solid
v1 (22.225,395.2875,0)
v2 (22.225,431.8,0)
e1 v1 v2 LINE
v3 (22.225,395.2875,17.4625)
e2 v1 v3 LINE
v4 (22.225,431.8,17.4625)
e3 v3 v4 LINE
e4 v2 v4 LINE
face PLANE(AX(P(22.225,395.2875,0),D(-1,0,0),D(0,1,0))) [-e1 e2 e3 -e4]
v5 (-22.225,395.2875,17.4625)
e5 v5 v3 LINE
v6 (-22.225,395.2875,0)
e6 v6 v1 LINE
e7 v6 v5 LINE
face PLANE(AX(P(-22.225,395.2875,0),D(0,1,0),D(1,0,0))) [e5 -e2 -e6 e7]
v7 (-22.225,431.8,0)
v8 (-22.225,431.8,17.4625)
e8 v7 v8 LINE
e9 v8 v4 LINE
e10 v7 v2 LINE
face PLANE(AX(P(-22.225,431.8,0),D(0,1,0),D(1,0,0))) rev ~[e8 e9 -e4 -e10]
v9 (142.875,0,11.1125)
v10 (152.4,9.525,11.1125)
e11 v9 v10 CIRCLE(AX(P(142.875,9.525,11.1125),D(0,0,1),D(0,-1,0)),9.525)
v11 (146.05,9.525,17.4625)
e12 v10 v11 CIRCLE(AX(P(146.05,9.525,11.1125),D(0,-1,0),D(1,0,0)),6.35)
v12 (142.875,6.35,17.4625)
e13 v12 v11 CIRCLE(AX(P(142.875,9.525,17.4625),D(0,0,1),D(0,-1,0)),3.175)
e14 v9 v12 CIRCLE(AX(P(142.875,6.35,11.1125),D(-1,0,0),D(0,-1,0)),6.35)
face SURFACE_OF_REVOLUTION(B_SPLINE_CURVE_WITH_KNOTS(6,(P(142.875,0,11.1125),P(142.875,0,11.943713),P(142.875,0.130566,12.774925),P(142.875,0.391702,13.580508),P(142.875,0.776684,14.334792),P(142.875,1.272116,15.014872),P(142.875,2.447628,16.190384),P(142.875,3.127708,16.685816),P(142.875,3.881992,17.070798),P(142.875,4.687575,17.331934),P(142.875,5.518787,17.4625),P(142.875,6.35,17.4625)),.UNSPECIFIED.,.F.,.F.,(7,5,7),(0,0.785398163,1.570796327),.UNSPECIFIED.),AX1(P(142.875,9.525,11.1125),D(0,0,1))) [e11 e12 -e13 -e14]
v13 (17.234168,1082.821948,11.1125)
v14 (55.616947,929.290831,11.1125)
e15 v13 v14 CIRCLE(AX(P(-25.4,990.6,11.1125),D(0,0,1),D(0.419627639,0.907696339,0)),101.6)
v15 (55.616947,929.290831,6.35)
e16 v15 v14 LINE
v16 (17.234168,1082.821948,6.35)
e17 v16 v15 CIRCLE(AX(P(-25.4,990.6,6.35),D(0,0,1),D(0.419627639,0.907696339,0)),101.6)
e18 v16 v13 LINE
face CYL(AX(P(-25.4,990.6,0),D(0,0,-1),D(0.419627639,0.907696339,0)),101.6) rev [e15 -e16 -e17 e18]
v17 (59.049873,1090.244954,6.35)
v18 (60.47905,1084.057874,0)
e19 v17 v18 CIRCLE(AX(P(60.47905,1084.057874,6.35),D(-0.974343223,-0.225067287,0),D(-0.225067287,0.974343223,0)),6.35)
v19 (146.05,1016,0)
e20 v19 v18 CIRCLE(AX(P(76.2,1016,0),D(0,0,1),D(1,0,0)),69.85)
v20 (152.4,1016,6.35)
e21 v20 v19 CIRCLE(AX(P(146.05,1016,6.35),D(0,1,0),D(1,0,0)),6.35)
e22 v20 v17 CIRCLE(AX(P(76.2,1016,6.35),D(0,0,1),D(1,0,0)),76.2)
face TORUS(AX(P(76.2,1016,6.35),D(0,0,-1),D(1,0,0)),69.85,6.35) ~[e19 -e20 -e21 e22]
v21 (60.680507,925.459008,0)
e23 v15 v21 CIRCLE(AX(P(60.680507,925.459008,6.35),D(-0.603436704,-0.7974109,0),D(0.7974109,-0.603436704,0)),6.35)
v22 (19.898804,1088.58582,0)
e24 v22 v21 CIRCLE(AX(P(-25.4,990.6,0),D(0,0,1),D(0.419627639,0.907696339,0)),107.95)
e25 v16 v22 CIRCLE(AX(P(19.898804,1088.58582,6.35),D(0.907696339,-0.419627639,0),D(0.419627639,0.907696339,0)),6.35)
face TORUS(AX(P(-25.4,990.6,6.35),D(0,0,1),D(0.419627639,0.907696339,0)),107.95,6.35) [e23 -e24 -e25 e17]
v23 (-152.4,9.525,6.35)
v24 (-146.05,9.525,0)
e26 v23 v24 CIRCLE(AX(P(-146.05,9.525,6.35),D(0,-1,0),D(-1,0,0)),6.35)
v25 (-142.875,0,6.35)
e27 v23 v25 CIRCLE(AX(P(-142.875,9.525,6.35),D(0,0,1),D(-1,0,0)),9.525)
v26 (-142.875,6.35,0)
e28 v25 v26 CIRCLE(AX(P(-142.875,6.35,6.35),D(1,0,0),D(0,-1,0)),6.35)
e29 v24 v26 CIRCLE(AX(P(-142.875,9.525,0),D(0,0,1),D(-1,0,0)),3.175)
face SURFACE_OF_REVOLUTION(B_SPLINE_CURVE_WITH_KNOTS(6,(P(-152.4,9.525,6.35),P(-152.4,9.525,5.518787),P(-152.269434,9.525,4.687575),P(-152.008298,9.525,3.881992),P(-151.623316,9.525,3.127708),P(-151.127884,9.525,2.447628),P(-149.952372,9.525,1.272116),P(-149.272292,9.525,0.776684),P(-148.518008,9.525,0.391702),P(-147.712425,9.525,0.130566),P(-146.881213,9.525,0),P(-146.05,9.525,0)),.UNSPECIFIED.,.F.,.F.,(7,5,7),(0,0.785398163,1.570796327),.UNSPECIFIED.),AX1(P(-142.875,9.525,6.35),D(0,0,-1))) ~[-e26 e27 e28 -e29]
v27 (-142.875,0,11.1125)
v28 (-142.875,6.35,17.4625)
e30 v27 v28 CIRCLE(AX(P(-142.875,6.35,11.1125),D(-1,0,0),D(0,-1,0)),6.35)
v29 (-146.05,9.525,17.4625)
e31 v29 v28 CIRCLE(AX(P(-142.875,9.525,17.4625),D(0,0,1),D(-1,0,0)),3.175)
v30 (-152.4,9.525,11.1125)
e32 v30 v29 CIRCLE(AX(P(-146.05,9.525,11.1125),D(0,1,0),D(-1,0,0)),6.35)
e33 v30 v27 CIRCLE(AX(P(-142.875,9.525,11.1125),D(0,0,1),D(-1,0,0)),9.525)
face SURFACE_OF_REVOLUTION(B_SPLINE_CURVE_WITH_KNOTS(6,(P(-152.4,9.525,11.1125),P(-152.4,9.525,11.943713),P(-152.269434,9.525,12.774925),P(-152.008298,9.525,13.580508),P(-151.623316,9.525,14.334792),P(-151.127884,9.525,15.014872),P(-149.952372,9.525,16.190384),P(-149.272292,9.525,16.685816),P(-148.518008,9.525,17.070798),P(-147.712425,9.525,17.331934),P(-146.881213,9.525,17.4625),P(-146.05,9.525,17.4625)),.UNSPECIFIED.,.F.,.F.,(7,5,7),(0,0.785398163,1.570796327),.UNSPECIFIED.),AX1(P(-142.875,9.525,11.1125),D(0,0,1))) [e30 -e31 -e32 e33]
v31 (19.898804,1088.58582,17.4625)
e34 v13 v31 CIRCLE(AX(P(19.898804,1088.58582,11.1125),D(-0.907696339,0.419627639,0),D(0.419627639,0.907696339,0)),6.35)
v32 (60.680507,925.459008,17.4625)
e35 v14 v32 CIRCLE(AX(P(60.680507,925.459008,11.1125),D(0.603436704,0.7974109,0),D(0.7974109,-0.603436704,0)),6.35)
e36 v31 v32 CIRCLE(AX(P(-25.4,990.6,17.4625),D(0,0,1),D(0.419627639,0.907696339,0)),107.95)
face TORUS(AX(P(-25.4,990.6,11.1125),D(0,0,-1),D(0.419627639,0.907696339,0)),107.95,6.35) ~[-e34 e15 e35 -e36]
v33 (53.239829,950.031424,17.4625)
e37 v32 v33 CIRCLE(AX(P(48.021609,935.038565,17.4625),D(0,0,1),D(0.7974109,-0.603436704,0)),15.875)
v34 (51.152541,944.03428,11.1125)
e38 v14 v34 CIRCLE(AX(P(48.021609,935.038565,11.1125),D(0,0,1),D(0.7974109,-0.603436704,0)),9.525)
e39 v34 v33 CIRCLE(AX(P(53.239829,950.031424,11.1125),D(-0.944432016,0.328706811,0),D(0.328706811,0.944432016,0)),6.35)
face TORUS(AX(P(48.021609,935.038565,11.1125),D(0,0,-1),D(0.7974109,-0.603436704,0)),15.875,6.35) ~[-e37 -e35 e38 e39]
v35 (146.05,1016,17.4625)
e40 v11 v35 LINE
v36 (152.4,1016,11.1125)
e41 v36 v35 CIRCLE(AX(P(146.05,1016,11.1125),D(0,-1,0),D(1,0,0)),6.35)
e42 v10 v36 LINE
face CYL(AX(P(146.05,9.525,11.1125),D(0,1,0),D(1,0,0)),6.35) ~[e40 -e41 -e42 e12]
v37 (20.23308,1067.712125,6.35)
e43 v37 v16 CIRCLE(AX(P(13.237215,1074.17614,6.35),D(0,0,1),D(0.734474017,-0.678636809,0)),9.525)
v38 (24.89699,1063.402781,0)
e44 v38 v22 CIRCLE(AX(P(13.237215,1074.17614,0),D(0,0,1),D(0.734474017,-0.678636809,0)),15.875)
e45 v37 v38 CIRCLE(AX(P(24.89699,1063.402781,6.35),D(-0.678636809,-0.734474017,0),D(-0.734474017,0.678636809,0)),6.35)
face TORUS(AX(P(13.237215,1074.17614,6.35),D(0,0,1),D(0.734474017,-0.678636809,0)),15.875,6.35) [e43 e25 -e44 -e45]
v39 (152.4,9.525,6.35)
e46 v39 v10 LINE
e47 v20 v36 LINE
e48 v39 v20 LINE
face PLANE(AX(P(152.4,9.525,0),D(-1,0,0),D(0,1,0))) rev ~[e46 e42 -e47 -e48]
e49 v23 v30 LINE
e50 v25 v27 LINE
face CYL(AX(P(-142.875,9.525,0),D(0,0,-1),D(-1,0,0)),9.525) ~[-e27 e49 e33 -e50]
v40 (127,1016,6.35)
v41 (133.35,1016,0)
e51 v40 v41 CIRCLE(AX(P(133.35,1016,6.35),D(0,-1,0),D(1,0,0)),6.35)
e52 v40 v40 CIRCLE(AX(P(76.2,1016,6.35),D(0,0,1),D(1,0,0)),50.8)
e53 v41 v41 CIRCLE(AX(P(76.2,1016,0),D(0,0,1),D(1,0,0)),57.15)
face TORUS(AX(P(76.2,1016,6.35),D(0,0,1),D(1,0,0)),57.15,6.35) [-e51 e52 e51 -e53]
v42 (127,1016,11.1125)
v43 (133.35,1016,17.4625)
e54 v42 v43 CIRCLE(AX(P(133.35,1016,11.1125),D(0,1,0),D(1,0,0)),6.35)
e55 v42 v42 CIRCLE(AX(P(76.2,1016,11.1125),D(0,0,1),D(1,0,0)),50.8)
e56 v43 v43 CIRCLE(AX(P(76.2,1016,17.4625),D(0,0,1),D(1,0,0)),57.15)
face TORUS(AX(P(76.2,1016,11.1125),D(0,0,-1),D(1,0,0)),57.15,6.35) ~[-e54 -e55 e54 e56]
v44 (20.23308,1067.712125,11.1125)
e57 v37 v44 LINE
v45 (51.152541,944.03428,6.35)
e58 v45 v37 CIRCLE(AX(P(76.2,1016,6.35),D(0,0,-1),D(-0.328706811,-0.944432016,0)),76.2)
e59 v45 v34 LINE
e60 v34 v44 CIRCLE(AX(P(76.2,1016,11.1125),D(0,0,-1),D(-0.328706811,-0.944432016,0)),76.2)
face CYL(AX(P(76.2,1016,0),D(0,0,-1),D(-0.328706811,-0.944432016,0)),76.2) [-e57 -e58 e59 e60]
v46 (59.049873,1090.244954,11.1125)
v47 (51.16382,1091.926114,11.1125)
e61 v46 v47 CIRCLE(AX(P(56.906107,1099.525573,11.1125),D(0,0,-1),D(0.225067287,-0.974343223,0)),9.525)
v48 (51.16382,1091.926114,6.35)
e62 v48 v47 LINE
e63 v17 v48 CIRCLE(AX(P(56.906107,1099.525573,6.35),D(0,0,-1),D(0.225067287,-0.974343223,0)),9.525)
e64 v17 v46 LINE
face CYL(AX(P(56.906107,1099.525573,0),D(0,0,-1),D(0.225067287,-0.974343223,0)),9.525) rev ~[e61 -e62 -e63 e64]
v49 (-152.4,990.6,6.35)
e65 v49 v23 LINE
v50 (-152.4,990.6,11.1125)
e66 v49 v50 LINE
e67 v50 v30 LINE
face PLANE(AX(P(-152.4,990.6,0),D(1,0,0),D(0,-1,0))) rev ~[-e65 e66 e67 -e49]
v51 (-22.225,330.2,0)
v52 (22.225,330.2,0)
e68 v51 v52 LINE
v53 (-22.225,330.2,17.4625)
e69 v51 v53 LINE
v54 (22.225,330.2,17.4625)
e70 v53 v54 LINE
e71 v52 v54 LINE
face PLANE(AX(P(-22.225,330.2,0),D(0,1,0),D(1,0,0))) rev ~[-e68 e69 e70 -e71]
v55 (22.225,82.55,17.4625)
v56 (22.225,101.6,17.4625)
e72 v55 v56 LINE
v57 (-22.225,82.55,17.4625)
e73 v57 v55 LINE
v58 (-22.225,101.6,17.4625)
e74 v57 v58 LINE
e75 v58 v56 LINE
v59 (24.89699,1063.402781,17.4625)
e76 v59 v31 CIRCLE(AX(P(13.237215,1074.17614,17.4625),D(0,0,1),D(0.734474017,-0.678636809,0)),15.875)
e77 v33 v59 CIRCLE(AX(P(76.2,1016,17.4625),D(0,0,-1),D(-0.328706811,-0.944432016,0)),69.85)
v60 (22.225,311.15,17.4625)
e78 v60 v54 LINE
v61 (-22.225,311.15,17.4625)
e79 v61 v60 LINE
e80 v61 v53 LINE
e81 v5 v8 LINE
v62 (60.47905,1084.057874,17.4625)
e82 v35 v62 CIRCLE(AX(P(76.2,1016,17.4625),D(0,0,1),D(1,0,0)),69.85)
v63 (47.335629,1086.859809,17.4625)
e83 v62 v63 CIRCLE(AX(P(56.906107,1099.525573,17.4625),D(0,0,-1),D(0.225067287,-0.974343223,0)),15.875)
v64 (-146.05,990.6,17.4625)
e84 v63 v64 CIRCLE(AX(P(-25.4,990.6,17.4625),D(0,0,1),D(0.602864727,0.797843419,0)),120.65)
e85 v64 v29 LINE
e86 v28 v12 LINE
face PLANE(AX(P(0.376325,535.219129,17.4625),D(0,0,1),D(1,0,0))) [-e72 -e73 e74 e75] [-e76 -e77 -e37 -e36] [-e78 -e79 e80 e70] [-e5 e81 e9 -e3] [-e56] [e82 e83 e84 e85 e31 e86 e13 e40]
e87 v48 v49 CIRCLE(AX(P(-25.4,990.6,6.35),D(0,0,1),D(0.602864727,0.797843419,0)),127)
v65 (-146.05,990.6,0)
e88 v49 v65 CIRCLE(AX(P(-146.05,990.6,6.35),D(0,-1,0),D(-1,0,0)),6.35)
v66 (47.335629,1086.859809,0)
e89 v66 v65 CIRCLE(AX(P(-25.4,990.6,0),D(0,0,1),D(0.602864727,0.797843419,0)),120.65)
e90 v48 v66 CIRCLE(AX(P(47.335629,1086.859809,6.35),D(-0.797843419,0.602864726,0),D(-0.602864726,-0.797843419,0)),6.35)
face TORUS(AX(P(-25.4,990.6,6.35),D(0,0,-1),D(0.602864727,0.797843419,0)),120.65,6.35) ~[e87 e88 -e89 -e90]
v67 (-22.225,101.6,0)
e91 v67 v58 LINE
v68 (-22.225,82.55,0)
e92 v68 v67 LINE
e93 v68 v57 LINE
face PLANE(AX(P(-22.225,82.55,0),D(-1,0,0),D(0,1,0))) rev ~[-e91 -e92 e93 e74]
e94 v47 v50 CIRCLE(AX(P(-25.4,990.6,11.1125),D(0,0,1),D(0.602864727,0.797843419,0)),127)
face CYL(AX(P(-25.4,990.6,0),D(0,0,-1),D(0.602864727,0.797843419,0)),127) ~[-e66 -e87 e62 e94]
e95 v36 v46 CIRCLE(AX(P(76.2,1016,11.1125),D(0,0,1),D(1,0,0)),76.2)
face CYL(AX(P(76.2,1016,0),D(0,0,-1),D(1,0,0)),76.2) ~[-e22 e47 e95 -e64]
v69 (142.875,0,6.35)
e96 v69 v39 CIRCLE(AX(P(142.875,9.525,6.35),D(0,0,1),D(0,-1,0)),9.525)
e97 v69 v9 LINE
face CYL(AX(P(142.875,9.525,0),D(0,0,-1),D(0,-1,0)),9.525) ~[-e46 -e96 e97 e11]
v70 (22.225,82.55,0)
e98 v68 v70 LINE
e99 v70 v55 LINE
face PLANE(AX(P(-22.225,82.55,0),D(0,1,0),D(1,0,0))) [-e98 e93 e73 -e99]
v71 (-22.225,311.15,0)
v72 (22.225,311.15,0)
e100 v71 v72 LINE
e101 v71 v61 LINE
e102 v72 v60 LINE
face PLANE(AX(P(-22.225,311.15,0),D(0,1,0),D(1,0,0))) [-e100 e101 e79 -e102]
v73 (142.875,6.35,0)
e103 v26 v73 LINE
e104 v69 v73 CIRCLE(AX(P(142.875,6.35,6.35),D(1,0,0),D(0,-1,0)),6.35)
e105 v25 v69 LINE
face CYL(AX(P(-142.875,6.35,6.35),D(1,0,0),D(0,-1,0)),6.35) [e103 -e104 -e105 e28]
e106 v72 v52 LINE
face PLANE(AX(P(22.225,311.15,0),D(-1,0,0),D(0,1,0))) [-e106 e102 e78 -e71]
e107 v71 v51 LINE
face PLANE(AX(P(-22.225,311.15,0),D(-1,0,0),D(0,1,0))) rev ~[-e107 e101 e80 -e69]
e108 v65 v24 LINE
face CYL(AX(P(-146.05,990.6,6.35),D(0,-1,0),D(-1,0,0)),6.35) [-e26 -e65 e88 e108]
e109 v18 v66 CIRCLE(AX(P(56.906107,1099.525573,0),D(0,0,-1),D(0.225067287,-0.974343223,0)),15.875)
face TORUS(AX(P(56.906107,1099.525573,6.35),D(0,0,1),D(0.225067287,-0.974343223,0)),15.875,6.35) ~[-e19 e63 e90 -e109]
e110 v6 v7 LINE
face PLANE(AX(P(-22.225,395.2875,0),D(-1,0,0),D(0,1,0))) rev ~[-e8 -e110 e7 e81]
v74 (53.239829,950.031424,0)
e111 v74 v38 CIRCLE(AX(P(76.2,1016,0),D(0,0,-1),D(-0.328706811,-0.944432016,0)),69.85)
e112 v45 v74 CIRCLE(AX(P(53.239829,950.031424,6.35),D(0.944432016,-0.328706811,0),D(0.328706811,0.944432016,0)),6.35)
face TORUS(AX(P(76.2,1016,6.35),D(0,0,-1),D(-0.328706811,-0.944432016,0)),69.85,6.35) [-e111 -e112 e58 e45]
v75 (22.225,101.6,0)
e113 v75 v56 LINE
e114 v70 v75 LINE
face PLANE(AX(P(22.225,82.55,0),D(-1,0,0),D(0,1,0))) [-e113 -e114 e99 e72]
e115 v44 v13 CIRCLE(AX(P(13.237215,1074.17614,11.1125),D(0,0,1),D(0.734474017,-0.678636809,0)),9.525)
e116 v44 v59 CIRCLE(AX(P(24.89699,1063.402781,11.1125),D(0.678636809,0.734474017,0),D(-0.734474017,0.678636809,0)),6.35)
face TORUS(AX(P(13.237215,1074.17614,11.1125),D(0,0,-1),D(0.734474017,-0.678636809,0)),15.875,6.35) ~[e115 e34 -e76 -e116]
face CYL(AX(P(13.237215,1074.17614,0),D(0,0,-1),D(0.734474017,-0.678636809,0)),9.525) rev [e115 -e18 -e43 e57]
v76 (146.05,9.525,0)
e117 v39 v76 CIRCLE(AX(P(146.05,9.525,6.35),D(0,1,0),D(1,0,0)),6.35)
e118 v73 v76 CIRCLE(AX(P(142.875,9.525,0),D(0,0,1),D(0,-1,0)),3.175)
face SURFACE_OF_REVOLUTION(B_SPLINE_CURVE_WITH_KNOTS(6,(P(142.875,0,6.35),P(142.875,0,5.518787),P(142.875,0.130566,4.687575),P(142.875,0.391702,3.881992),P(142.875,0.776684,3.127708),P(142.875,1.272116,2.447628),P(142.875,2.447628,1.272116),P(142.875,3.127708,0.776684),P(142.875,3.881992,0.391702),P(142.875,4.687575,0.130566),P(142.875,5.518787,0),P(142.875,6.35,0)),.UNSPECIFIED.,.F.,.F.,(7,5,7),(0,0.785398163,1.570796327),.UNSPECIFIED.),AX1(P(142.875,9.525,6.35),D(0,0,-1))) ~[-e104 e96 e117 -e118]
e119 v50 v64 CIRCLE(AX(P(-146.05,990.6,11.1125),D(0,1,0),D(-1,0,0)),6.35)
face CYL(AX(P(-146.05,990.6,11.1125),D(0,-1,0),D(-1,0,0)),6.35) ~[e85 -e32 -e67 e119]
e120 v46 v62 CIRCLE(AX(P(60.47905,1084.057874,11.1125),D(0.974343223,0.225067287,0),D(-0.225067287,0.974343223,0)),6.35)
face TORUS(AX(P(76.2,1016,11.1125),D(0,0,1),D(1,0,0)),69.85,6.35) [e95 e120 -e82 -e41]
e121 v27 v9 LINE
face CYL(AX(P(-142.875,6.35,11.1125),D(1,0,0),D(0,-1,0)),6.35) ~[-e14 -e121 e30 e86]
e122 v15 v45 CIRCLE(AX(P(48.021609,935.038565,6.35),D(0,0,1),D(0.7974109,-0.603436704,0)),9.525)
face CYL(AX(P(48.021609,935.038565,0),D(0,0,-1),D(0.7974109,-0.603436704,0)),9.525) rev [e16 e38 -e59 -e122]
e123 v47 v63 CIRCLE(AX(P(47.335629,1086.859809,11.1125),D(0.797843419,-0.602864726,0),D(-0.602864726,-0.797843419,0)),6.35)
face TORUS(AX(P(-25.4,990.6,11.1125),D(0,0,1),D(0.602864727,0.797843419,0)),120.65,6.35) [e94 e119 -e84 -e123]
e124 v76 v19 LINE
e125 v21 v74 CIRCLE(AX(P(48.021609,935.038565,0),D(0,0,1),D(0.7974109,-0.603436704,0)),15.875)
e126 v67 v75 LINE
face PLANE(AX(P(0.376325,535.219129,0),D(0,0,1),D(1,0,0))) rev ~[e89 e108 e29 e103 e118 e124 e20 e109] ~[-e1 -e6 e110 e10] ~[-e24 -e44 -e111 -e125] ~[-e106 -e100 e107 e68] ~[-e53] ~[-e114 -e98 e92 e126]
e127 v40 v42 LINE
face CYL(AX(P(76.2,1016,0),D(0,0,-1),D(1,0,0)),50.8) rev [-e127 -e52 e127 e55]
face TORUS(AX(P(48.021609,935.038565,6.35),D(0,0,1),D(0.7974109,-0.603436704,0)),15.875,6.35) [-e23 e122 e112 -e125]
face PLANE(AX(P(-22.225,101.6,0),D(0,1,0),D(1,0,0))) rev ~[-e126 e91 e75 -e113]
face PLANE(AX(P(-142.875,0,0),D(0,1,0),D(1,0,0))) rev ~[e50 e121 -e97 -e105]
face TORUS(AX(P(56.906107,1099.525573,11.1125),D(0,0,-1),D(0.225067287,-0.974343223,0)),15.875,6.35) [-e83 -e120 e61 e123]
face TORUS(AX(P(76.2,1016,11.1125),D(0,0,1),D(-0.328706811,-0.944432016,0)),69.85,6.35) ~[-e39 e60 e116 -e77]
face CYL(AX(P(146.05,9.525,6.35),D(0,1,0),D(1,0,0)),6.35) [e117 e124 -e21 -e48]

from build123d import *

# Parameters (mm, degrees)
SKETCH1_R           = 50.8
SKETCH1_W           = 44.45
SKETCH1_H           = 19.05
SKETCH1_H_2         = 36.5125
BOSS_EXTRUDE1_DEPTH = 17.4625
FILLET1_R           = 6.35


with BuildPart() as part:
    # Sketch1 → Boss-Extrude1 (new body)
    with BuildSketch(Plane.XY):
        with BuildLine():
            Line((-142.875, 0), (142.875, 0))
            ThreePointArc((142.875, 0), (149.610192091, 2.789807909), (152.4, 9.525))
            Line((152.4, 9.525), (152.4, 1016))
            ThreePointArc((152.4, 1016), (123.632058256, 1075.637570789), (59.049872713, 1090.244953593))
            ThreePointArc((59.049872713, 1090.244953593), (54.920178074, 1090.209902549), (51.163820281, 1091.926114225))
            ThreePointArc((51.163820281, 1091.926114225), (-81.992379453, 1104.293898639), (-152.4, 990.6))
            Line((-152.4, 990.6), (-152.4, 9.525))
            ThreePointArc((-152.4, 9.525), (-149.610192091, 2.789807909), (-142.875, 0))
        make_face()
        with Locations((76.2, 1016)):
            Circle(SKETCH1_R, mode=Mode.SUBTRACT)
        with Locations((0, 320.675)):
            Rectangle(SKETCH1_W, SKETCH1_H, mode=Mode.SUBTRACT)
        with Locations((0, 413.54375)):
            Rectangle(SKETCH1_W, SKETCH1_H_2, mode=Mode.SUBTRACT)
        with Locations((0, 92.075)):
            Rectangle(SKETCH1_W, SKETCH1_H, mode=Mode.SUBTRACT)
        with BuildLine():
            ThreePointArc((17.234168155, 1082.821948069), (-123.966478015, 965.958380496), (55.616947464, 929.290830835))
            ThreePointArc((55.616947464, 929.290830835), (57.137833169, 937.799013835), (51.152541012, 944.034280395))
            ThreePointArc((51.152541012, 944.034280395), (2.275141489, 997.518785372), (20.233079903, 1067.712124834))
            ThreePointArc((20.233079903, 1067.712124834), (22.579976954, 1076.030438696), (17.234168155, 1082.821948069))
        make_face(mode=Mode.SUBTRACT)
    extrude(amount=BOSS_EXTRUDE1_DEPTH)

    # Fillet1
    fillet1_edges = [part.edges().sort_by_distance(p)[0] for p in [
        (123.632058256, 1075.637570789, 17.4625),
        (152.4, 512.7625, 0),
        (149.610192091, 2.789807909, 0),
        (54.920178074, 1090.209902549, 17.4625),
        (-81.992379453, 1104.293898639, 17.4625),
        (-152.4, 500.0625, 17.4625),
        (25.4, 1016, 0),
        (25.4, 1016, 17.4625),
        (-149.610192091, 2.789807909, 17.4625),
        (0, 0, 17.4625),
        (57.137833169, 937.799013835, 0),
        (2.275141489, 997.518785372, 0),
        (22.579976954, 1076.030438696, 0),
        (-123.966478015, 965.958380496, 0),
        (57.137833169, 937.799013835, 17.4625),
        (2.275141489, 997.518785372, 17.4625),
        (22.579976954, 1076.030438696, 17.4625),
        (-123.966478015, 965.958380496, 17.4625),
        (149.610192091, 2.789807909, 17.4625),
        (152.4, 512.7625, 17.4625),
        (0, 0, 0),
        (-149.610192091, 2.789807909, 0),
        (-152.4, 500.0625, 0),
        (-81.992379453, 1104.293898639, 0),
        (54.920178074, 1090.209902549, 0),
        (123.632058256, 1075.637570789, 0),
    ]]
    fillet(fillet1_edges, radius=FILLET1_R)


solid = part.part
